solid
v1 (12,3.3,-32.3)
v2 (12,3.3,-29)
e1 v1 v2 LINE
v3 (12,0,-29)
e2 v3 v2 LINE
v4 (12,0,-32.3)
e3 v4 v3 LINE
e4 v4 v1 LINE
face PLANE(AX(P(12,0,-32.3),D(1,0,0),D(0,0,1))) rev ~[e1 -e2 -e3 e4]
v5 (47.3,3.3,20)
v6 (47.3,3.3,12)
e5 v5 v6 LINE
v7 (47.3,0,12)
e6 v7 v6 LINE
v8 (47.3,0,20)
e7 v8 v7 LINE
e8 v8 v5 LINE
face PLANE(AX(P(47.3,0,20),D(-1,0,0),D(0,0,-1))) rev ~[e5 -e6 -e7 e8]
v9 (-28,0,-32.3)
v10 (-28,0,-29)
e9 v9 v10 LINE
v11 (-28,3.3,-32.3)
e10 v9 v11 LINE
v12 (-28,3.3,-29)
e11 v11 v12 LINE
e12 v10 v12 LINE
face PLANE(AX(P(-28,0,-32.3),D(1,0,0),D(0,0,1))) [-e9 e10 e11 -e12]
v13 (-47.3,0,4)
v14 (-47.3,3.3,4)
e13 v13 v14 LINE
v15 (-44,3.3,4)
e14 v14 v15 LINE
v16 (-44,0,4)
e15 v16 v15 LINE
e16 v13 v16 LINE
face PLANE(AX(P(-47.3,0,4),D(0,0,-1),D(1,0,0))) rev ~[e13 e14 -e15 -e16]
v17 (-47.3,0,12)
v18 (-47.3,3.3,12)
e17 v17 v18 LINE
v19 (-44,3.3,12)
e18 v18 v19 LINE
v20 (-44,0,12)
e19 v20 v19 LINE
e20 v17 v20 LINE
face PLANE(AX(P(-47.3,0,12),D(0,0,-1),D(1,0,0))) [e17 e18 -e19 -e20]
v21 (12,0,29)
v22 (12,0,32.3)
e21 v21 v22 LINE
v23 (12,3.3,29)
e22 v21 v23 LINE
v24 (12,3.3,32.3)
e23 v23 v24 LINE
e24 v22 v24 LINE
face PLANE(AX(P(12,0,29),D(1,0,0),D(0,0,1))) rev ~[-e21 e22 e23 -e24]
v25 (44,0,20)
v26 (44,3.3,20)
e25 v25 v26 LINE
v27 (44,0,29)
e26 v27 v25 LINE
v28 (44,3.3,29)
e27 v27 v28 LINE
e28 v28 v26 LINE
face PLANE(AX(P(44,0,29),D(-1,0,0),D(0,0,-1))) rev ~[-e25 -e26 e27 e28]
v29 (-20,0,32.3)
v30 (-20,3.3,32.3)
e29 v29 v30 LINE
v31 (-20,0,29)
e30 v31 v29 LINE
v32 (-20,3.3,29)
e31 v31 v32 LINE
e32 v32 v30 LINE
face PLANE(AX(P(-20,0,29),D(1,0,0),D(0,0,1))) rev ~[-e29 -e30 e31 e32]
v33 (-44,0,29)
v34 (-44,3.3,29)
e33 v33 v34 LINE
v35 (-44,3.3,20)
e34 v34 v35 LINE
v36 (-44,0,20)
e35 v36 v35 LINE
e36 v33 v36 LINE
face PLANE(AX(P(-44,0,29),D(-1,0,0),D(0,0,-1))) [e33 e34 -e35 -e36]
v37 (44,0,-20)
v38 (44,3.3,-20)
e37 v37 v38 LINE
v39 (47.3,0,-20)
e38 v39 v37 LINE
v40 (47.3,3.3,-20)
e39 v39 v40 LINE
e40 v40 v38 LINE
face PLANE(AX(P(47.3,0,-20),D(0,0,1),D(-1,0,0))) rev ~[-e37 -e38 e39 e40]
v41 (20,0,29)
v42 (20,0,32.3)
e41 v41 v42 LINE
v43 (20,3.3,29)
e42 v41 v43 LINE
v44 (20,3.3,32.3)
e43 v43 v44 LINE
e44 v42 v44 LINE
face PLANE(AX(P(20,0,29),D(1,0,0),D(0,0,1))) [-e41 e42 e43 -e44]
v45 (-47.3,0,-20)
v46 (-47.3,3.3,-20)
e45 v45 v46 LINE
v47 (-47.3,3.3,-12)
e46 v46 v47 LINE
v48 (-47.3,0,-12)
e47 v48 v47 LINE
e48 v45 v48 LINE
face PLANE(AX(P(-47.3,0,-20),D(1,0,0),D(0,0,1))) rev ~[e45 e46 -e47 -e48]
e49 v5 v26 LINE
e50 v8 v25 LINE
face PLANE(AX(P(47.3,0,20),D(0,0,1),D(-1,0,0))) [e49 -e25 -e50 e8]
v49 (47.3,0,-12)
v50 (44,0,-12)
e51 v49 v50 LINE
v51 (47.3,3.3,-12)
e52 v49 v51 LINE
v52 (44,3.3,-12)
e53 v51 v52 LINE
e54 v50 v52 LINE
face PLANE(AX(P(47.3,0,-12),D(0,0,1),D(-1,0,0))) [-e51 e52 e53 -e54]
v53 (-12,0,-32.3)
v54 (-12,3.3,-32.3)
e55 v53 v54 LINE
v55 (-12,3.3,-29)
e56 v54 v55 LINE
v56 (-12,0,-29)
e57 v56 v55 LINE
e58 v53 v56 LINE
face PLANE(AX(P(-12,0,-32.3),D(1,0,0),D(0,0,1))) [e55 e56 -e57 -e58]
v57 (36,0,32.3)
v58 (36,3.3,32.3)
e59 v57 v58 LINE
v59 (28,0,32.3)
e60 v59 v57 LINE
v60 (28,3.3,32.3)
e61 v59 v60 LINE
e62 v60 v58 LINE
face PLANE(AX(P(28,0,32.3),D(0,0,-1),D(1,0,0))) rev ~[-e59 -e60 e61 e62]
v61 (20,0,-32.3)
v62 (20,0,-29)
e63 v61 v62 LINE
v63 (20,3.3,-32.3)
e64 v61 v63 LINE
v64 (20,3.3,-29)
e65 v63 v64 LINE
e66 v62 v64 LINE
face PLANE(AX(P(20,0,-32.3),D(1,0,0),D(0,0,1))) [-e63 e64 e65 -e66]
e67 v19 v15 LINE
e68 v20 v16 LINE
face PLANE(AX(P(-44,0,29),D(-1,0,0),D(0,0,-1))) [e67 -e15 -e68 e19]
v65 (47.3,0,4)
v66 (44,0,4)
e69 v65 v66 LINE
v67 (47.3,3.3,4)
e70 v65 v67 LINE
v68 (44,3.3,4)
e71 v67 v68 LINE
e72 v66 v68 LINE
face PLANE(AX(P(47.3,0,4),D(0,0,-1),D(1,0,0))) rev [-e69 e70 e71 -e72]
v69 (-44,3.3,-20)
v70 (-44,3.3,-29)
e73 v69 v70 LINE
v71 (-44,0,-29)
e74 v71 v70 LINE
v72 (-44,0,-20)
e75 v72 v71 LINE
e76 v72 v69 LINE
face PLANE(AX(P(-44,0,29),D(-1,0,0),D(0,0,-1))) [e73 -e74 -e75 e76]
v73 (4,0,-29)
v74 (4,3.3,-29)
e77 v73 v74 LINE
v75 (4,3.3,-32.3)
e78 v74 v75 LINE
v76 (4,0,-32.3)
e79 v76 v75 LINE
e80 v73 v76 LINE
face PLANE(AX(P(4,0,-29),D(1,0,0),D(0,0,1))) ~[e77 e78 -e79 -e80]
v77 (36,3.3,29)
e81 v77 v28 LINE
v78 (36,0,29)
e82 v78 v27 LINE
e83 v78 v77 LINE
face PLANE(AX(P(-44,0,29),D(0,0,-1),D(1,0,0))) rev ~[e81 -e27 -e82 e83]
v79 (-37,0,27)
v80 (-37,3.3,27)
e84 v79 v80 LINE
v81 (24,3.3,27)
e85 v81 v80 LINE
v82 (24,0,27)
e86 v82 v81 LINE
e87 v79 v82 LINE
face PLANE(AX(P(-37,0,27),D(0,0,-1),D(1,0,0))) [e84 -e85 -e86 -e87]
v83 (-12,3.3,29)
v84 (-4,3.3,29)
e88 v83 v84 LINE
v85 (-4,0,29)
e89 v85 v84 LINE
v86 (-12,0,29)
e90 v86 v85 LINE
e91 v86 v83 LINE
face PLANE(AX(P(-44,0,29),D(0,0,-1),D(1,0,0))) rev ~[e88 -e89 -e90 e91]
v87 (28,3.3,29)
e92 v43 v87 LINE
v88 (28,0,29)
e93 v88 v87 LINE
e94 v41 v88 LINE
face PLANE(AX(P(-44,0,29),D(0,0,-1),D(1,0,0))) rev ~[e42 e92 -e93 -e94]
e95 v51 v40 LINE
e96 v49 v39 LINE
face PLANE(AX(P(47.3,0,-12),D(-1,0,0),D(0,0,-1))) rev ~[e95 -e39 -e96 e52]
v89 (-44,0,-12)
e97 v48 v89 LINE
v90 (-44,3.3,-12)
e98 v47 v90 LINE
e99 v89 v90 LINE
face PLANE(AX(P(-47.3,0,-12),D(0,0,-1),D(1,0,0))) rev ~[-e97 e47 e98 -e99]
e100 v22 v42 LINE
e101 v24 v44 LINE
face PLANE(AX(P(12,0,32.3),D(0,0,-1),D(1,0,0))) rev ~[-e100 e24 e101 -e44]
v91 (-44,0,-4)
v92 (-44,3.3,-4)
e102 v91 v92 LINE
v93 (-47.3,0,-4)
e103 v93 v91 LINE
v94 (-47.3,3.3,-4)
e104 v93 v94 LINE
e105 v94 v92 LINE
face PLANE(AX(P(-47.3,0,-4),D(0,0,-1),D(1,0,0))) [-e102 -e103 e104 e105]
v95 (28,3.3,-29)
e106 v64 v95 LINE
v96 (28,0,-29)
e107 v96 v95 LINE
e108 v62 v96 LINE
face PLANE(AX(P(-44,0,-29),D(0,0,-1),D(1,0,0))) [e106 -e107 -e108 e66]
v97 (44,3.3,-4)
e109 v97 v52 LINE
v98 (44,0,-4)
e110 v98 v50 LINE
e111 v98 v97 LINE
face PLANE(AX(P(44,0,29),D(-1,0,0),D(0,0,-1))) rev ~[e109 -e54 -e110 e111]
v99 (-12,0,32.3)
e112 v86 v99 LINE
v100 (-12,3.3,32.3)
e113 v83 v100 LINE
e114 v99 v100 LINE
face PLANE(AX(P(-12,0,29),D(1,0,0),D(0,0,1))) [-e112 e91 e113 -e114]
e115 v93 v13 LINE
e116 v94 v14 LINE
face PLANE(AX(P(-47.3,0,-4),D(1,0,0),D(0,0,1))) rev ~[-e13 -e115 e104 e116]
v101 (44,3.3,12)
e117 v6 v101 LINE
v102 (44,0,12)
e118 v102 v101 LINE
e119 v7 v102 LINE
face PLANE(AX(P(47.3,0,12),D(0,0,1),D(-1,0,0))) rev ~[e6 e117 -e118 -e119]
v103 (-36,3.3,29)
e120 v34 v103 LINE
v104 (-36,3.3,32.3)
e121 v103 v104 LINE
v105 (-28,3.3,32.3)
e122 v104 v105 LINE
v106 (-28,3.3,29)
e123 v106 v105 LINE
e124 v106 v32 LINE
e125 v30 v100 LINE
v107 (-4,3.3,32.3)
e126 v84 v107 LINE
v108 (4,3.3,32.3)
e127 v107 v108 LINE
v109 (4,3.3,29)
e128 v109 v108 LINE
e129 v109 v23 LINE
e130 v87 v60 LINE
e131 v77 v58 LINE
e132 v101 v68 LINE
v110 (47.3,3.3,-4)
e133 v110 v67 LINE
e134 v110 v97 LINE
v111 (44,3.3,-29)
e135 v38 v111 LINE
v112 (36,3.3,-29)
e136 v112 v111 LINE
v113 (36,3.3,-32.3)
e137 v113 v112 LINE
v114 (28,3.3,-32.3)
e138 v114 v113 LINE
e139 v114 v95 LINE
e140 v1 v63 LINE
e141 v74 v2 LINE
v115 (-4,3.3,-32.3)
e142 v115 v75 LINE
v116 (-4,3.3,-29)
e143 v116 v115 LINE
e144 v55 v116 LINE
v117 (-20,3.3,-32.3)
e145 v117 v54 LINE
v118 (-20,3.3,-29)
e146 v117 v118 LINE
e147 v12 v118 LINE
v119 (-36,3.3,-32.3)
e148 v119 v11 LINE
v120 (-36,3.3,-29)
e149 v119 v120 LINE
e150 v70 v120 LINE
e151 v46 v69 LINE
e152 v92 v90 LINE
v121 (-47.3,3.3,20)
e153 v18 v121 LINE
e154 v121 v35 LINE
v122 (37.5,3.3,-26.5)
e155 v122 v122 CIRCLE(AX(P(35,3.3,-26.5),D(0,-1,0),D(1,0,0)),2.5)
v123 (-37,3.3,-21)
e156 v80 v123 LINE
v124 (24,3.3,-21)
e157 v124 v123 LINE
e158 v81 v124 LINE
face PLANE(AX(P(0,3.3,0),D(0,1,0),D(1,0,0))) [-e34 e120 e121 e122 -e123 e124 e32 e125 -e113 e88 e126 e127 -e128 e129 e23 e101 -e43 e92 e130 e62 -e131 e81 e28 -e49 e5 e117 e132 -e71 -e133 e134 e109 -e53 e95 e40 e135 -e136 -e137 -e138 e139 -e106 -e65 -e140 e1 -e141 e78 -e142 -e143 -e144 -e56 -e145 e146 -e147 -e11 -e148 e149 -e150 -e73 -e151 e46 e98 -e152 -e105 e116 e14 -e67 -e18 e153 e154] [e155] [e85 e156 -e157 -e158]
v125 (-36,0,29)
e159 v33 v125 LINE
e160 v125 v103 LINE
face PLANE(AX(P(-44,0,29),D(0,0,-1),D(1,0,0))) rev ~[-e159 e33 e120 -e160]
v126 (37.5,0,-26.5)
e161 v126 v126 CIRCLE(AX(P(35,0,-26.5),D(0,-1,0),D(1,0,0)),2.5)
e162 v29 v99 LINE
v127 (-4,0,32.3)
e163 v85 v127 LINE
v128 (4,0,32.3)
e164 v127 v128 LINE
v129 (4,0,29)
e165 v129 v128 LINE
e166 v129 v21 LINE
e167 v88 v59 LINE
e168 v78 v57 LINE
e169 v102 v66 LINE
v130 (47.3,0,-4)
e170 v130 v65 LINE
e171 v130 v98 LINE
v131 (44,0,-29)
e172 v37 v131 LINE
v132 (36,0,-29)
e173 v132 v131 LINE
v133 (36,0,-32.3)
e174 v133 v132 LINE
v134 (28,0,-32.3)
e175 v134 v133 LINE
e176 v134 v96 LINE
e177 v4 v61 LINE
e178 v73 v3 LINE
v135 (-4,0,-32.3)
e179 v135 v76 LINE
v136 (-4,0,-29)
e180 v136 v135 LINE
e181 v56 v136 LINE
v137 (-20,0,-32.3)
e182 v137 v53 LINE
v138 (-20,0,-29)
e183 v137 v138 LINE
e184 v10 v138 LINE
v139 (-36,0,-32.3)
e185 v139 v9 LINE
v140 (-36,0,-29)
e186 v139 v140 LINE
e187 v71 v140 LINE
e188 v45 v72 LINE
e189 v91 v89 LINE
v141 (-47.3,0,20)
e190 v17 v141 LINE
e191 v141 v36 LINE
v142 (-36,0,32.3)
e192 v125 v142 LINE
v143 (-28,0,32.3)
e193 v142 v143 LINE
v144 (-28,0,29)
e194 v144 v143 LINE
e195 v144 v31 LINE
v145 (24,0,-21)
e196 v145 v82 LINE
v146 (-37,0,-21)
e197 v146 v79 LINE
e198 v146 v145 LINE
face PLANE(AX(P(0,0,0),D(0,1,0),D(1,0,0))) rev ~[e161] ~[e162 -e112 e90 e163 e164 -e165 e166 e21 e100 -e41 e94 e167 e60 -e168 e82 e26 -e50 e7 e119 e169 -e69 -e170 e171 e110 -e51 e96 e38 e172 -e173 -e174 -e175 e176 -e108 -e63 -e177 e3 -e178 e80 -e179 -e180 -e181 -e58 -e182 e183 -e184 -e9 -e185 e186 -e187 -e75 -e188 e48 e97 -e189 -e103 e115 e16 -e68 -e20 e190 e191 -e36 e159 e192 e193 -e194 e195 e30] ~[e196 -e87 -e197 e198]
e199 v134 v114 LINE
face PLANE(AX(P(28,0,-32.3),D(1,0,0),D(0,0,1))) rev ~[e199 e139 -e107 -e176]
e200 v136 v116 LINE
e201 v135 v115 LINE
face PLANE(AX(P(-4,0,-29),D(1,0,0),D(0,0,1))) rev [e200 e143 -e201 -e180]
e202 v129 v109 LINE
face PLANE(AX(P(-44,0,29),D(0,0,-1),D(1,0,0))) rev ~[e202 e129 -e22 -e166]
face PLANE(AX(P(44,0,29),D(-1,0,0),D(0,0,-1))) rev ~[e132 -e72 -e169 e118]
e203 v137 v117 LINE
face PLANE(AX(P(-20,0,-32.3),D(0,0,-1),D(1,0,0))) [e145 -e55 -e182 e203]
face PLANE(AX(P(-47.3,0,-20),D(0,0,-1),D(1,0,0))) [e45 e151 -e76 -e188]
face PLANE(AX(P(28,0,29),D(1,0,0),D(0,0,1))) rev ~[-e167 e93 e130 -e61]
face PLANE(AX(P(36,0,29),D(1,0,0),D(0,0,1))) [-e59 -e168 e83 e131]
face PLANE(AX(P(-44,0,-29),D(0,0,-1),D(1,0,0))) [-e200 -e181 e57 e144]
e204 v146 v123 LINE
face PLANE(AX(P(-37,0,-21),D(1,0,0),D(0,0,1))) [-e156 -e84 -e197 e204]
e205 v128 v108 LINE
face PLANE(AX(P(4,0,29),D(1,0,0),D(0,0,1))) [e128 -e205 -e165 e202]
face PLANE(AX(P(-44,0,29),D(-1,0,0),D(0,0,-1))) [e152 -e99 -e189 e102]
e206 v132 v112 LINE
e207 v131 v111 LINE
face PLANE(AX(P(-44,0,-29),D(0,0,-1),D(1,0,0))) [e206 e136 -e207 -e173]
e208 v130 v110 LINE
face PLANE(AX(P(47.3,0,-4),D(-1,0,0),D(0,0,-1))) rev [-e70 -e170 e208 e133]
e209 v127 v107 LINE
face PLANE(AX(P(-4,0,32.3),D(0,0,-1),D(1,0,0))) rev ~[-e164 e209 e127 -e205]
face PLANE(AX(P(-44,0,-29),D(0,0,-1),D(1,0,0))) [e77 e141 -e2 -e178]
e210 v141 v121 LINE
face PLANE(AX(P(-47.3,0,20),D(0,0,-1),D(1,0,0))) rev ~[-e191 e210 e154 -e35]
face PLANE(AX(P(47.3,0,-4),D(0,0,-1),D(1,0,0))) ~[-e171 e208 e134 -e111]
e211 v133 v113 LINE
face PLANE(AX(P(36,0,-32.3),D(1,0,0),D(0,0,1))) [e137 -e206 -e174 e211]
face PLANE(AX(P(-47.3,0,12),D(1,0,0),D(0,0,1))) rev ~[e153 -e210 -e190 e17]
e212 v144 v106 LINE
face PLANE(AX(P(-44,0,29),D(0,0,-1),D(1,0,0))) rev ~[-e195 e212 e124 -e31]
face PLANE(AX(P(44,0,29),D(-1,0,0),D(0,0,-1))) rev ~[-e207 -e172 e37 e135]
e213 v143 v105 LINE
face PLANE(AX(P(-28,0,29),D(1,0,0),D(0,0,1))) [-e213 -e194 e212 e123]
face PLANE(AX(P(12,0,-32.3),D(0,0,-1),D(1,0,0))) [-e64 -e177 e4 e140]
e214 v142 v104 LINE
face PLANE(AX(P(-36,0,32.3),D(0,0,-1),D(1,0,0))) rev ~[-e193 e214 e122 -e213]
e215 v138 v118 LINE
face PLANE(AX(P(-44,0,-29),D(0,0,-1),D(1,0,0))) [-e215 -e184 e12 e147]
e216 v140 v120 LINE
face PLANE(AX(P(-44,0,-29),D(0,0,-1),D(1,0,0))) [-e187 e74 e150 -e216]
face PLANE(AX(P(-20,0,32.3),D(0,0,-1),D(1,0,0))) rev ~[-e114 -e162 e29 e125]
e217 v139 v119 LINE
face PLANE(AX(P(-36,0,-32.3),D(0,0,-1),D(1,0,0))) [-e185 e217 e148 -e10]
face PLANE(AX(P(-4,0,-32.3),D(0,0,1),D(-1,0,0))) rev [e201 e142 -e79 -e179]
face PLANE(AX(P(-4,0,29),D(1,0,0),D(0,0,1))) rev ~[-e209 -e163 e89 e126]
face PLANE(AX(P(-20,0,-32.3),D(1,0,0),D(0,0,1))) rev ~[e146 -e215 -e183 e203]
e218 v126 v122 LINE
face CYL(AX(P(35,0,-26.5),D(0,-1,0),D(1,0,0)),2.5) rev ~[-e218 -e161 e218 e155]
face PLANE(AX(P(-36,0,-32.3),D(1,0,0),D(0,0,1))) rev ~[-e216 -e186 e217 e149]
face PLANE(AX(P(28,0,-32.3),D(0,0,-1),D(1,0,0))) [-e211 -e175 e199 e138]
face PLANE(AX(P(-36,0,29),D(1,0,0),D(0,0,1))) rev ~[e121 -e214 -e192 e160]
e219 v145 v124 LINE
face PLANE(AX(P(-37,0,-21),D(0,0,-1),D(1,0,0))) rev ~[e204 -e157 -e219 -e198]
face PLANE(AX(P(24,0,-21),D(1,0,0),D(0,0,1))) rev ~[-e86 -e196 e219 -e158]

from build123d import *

# Parameters (mm, degrees)
ESQUISSE4_W                    = 88
ESQUISSE4_H                    = 58
BOSS_EXTRU_3_DEPTH             = 3.3
ESQUISSE5_W                    = 8
ESQUISSE5_H                    = 3.3
BOSS_EXTRU_6_DEPTH             = 3.3
R_P_TITION_LIN_AIRE2_COUNT     = 3
R_P_TITION_LIN_AIRE2_PITCH     = 16
R_P_TITION_LIN_AIRE2_COL_COUNT = 3
R_P_TITION_LIN_AIRE2_COL_PITCH = 16
SYM_TRIE1_COPY_1_SKETCH_W      = 8
SYM_TRIE1_COPY_1_SKETCH_H      = 3.3
SYM_TRIE1_COPY_1_DEPTH         = 3.3
SYM_TRIE1_COPY_2_SKETCH_W      = 8
SYM_TRIE1_COPY_2_SKETCH_H      = 3.3
SYM_TRIE1_COPY_2_DEPTH         = 3.3
SYM_TRIE1_COPY_3_SKETCH_W      = 8
SYM_TRIE1_COPY_3_SKETCH_H      = 3.3
SYM_TRIE1_COPY_3_DEPTH         = 3.3
SYM_TRIE1_COPY_4_SKETCH_W      = 8
SYM_TRIE1_COPY_4_SKETCH_H      = 3.3
SYM_TRIE1_COPY_4_DEPTH         = 3.3
ESQUISSE6_W                    = 3.3
ESQUISSE6_H                    = 8
BOSS_EXTRU_7_DEPTH             = 3.3
R_P_TITION_LIN_AIRE3_COUNT     = 2
R_P_TITION_LIN_AIRE3_PITCH     = 16
R_P_TITION_LIN_AIRE3_COL_COUNT = 2
R_P_TITION_LIN_AIRE3_COL_PITCH = 16
SYM_TRIE2_COPY_1_SKETCH_W      = 3.3
SYM_TRIE2_COPY_1_SKETCH_H      = 8
SYM_TRIE2_COPY_1_DEPTH         = 3.3
SYM_TRIE2_COPY_2_SKETCH_W      = 3.3
SYM_TRIE2_COPY_2_SKETCH_H      = 8
SYM_TRIE2_COPY_2_DEPTH         = 3.3
ESQUISSE7_R                    = 2.5
ESQUISSE7_W                    = 61
ESQUISSE7_H                    = 48
ENL_V_MAT_EXTRU_1_DEPTH        = 1
ENL_V_MAT_EXTRU_1_DEPTH_BACK   = 4.3


with BuildPart() as part:
    # Esquisse4 → Boss.-Extru.3 (new body)
    with BuildSketch(Plane(origin=(0, 0, 0), x_dir=(1, 0, 0), z_dir=(0, 1, 0))):
        Rectangle(ESQUISSE4_W, ESQUISSE4_H)
    extrude(amount=BOSS_EXTRU_3_DEPTH)

    # Esquisse5 → Boss.-Extru.6 (add)
    with BuildSketch(Plane.XZ):
        with Locations((0, 30.65)):
            Rectangle(ESQUISSE5_W, ESQUISSE5_H)
    boss_extru_6 = extrude(amount=-BOSS_EXTRU_6_DEPTH)

    # Répétition linéaire2: Boss.-Extru.6 ×3
    with Locations(*[(-i * R_P_TITION_LIN_AIRE2_PITCH, 0, 0) for i in range(1, R_P_TITION_LIN_AIRE2_COUNT)]):
        add(boss_extru_6)

    # Répétition linéaire2 col: Boss.-Extru.6 ×3
    with Locations(*[(i * R_P_TITION_LIN_AIRE2_COL_PITCH, 0, 0) for i in range(1, R_P_TITION_LIN_AIRE2_COL_COUNT)]):
        add(boss_extru_6)

    # Symétrie1: Boss.-Extru.6 across plane
    add(boss_extru_6.mirror(Plane.XY))

    # Symétrie1 copy 1 sketch → Symétrie1 copy 1 (add)
    with BuildSketch(Plane(origin=(-16, 0, 0), x_dir=(1, 0, 0), z_dir=(0, -1, 0))):
        with Locations((0, -30.65)):
            Rectangle(SYM_TRIE1_COPY_1_SKETCH_W, SYM_TRIE1_COPY_1_SKETCH_H)
    extrude(amount=-SYM_TRIE1_COPY_1_DEPTH)

    # Symétrie1 copy 2 sketch → Symétrie1 copy 2 (add)
    with BuildSketch(Plane(origin=(-32, 0, 0), x_dir=(1, 0, 0), z_dir=(0, -1, 0))):
        with Locations((0, -30.65)):
            Rectangle(SYM_TRIE1_COPY_2_SKETCH_W, SYM_TRIE1_COPY_2_SKETCH_H)
    extrude(amount=-SYM_TRIE1_COPY_2_DEPTH)

    # Symétrie1 copy 3 sketch → Symétrie1 copy 3 (add)
    with BuildSketch(Plane(origin=(16, 0, 0), x_dir=(1, 0, 0), z_dir=(0, -1, 0))):
        with Locations((0, -30.65)):
            Rectangle(SYM_TRIE1_COPY_3_SKETCH_W, SYM_TRIE1_COPY_3_SKETCH_H)
    extrude(amount=-SYM_TRIE1_COPY_3_DEPTH)

    # Symétrie1 copy 4 sketch → Symétrie1 copy 4 (add)
    with BuildSketch(Plane(origin=(32, 0, 0), x_dir=(1, 0, 0), z_dir=(0, -1, 0))):
        with Locations((0, -30.65)):
            Rectangle(SYM_TRIE1_COPY_4_SKETCH_W, SYM_TRIE1_COPY_4_SKETCH_H)
    extrude(amount=-SYM_TRIE1_COPY_4_DEPTH)

    # Esquisse6 → Boss.-Extru.7 (add)
    with BuildSketch(Plane.XZ):
        with Locations((-45.65, 0)):
            Rectangle(ESQUISSE6_W, ESQUISSE6_H)
    boss_extru_7 = extrude(amount=-BOSS_EXTRU_7_DEPTH)

    # Répétition linéaire3: Boss.-Extru.7 ×2
    with Locations(*[(0, 0, i * R_P_TITION_LIN_AIRE3_PITCH) for i in range(1, R_P_TITION_LIN_AIRE3_COUNT)]):
        add(boss_extru_7)

    # Répétition linéaire3 col: Boss.-Extru.7 ×2
    with Locations(*[(0, 0, -i * R_P_TITION_LIN_AIRE3_COL_PITCH) for i in range(1, R_P_TITION_LIN_AIRE3_COL_COUNT)]):
        add(boss_extru_7)

    # Symétrie2: Boss.-Extru.7 across plane
    add(boss_extru_7.mirror(Plane(origin=(0, 0, 0), x_dir=(0, 0, 1), z_dir=(1, 0, 0))))

    # Symétrie2 copy 1 sketch → Symétrie2 copy 1 (add)
    with BuildSketch(Plane(origin=(0, 0, 16), x_dir=(-1, 0, 0), z_dir=(0, -1, 0))):
        with Locations((-45.65, 0)):
            Rectangle(SYM_TRIE2_COPY_1_SKETCH_W, SYM_TRIE2_COPY_1_SKETCH_H)
    extrude(amount=-SYM_TRIE2_COPY_1_DEPTH)

    # Symétrie2 copy 2 sketch → Symétrie2 copy 2 (add)
    with BuildSketch(Plane(origin=(0, 0, -16), x_dir=(-1, 0, 0), z_dir=(0, -1, 0))):
        with Locations((-45.65, 0)):
            Rectangle(SYM_TRIE2_COPY_2_SKETCH_W, SYM_TRIE2_COPY_2_SKETCH_H)
    extrude(amount=-SYM_TRIE2_COPY_2_DEPTH)

    # Esquisse7 → Enlèv. mat.-Extru.1 (cut, two sides)
    with BuildSketch(Plane.XZ) as enl_v_mat_extru_1_sk:
        with Locations((35, -26.5)):
            Circle(ESQUISSE7_R)
        with Locations((-6.5, 3)):
            Rectangle(ESQUISSE7_W, ESQUISSE7_H)
    extrude(amount=ENL_V_MAT_EXTRU_1_DEPTH, mode=Mode.SUBTRACT)
    extrude(enl_v_mat_extru_1_sk.sketch, amount=-ENL_V_MAT_EXTRU_1_DEPTH_BACK, mode=Mode.SUBTRACT)


solid = part.part
